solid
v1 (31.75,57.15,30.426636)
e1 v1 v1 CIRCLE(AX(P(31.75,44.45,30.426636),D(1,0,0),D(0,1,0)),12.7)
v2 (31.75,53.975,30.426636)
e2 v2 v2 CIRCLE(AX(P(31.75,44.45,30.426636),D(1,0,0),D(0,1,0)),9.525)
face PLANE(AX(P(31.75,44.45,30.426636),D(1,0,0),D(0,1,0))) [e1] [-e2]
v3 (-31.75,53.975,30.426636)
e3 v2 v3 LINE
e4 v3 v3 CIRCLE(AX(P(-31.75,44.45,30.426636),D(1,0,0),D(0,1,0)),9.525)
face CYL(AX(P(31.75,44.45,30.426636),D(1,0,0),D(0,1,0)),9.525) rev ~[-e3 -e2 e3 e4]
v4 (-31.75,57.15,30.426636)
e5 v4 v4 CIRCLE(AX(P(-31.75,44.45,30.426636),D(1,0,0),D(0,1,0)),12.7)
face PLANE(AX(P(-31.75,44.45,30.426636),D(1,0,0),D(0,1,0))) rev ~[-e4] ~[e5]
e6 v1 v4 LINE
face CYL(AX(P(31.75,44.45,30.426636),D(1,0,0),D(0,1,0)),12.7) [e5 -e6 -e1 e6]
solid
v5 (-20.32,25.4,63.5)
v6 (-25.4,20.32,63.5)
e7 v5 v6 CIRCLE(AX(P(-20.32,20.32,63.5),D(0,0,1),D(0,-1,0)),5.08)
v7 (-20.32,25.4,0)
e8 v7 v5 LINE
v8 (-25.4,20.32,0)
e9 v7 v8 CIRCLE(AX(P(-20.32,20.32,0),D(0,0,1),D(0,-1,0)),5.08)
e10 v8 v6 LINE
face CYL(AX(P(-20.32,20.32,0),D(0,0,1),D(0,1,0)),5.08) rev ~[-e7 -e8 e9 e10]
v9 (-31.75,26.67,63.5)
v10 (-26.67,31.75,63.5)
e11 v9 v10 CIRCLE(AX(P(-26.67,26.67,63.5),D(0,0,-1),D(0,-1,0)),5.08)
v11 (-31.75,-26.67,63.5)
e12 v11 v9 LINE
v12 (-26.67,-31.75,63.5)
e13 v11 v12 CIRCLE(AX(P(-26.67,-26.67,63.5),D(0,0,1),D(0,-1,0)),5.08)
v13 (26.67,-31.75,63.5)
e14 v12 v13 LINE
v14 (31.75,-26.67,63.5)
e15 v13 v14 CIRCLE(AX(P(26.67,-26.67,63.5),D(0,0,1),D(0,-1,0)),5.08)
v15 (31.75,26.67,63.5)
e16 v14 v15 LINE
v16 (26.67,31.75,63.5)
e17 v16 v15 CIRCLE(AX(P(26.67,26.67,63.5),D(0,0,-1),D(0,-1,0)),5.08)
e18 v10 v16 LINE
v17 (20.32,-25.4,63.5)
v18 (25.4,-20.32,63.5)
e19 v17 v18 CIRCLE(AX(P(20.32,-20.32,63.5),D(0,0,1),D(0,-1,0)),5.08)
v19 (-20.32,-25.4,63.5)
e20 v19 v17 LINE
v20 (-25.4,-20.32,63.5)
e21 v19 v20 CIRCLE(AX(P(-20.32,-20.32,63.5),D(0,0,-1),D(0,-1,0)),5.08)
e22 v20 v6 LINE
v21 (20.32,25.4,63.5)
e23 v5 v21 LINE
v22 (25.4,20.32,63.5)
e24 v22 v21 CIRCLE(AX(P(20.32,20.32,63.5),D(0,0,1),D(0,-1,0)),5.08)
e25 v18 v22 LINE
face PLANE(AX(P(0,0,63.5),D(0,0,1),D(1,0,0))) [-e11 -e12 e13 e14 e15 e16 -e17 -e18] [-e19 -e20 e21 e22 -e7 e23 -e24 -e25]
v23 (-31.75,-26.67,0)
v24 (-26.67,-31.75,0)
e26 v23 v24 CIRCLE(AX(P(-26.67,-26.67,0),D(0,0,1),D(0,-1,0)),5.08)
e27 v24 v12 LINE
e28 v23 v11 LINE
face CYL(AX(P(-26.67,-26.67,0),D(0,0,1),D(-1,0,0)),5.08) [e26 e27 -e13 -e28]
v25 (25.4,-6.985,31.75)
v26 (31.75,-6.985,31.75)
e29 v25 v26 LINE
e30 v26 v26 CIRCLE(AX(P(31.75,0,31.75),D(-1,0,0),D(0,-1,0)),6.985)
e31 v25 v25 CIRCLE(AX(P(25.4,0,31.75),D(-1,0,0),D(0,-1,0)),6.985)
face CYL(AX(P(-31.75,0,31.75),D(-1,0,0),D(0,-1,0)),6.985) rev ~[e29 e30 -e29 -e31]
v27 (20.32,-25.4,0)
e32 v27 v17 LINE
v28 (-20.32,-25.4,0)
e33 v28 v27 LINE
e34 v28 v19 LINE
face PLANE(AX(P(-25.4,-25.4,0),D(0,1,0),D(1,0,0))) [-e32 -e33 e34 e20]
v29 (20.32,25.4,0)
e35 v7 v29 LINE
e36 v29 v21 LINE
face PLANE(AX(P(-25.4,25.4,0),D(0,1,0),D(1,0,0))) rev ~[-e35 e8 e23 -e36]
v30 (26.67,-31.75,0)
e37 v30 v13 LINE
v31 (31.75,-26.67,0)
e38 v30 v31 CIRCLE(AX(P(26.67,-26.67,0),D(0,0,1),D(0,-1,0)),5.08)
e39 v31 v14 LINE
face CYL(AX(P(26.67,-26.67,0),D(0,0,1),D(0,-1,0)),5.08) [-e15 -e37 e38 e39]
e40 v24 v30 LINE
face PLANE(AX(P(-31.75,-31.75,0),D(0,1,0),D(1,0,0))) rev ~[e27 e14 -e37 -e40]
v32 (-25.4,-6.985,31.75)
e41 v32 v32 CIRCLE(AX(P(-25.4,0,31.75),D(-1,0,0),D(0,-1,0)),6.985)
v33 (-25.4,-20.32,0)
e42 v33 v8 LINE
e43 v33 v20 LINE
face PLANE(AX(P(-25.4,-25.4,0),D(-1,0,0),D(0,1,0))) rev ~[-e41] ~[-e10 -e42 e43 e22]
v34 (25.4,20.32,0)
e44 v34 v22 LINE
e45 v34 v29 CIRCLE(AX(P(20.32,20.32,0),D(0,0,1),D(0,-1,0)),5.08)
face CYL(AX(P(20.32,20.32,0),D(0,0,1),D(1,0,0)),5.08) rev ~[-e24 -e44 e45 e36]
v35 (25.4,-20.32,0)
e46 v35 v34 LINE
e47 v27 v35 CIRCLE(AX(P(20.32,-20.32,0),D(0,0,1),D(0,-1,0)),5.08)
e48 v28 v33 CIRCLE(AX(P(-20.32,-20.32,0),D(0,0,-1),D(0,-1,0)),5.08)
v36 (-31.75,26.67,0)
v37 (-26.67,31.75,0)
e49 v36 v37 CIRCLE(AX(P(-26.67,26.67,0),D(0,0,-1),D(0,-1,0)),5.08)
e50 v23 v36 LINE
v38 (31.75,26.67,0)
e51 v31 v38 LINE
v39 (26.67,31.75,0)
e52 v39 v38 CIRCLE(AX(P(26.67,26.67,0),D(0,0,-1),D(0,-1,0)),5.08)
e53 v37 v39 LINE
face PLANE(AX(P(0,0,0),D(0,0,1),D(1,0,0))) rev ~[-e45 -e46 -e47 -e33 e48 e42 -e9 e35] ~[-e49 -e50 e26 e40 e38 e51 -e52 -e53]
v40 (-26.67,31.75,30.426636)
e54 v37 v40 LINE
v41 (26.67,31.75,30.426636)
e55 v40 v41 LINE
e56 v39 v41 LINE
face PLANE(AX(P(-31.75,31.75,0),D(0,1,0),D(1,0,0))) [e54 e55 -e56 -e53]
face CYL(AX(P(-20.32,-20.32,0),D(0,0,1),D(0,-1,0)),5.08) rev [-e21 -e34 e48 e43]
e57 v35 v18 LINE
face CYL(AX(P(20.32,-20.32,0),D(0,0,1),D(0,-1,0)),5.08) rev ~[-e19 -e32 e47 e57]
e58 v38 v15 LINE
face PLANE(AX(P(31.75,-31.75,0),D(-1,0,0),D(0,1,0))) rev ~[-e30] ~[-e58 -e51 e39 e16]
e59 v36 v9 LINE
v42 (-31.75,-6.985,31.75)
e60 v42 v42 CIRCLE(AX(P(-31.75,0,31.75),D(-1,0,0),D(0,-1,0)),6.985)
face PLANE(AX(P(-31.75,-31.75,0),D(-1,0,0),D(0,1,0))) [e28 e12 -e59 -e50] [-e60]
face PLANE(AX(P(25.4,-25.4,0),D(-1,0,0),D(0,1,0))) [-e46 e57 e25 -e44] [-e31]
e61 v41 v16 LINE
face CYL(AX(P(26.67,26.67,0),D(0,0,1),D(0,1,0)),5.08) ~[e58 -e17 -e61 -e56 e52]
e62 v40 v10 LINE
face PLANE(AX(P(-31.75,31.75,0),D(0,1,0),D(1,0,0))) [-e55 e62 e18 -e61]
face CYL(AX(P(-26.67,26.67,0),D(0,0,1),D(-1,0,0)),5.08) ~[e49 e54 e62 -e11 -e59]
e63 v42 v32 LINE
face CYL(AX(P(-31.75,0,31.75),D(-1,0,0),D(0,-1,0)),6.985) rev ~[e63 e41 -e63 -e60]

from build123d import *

# Parameters (mm, degrees)
F0_W     = 63.5
F0_H     = 63.5
F0_W_2   = 50.8
F0_H_2   = 50.8
F1_DEPTH = 63.5
F2_R     = 5.08
F3_R     = 6.985
F4_DEPTH = 63.5
F5_R     = 12.7
F5_R_2   = 9.525
F6_DEPTH = 63.5


with BuildPart() as f1:
    # F0 (on Top) → F1 (new body)
    with BuildSketch(Plane.XY):
        Rectangle(F0_W, F0_H)
        Rectangle(F0_W_2, F0_H_2, mode=Mode.SUBTRACT)
    extrude(amount=F1_DEPTH)

    # F2
    f2_edges = [f1.edges().sort_by_distance(p)[0] for p in [
        (31.75, -31.75, 31.75),
        (-31.75, -31.75, 31.75),
        (-31.75, 31.75, 31.75),
        (31.75, 31.75, 31.75),
        (25.4, -25.4, 31.75),
        (25.4, 25.4, 31.75),
        (-25.4, 25.4, 31.75),
        (-25.4, -25.4, 31.75),
    ]]
    fillet(f2_edges, radius=F2_R)

    # F3 (on face) → F4 (cut)
    with BuildSketch(Plane(origin=(-31.75, 0, 0), x_dir=(0, -1, 0), z_dir=(-1, 0, 0))):
        with Locations((0, 31.75)):
            Circle(F3_R)
    extrude(amount=-F4_DEPTH, mode=Mode.SUBTRACT)

    # F5 (on face) → F6 (join)
    with BuildSketch(Plane.YZ.offset(31.75)):
        with Locations((44.45, 30.426636)):
            Circle(F5_R)
        with Locations((44.45, 30.426636)):
            Circle(F5_R_2, mode=Mode.SUBTRACT)
    extrude(amount=-F6_DEPTH)


solid = f1.part
